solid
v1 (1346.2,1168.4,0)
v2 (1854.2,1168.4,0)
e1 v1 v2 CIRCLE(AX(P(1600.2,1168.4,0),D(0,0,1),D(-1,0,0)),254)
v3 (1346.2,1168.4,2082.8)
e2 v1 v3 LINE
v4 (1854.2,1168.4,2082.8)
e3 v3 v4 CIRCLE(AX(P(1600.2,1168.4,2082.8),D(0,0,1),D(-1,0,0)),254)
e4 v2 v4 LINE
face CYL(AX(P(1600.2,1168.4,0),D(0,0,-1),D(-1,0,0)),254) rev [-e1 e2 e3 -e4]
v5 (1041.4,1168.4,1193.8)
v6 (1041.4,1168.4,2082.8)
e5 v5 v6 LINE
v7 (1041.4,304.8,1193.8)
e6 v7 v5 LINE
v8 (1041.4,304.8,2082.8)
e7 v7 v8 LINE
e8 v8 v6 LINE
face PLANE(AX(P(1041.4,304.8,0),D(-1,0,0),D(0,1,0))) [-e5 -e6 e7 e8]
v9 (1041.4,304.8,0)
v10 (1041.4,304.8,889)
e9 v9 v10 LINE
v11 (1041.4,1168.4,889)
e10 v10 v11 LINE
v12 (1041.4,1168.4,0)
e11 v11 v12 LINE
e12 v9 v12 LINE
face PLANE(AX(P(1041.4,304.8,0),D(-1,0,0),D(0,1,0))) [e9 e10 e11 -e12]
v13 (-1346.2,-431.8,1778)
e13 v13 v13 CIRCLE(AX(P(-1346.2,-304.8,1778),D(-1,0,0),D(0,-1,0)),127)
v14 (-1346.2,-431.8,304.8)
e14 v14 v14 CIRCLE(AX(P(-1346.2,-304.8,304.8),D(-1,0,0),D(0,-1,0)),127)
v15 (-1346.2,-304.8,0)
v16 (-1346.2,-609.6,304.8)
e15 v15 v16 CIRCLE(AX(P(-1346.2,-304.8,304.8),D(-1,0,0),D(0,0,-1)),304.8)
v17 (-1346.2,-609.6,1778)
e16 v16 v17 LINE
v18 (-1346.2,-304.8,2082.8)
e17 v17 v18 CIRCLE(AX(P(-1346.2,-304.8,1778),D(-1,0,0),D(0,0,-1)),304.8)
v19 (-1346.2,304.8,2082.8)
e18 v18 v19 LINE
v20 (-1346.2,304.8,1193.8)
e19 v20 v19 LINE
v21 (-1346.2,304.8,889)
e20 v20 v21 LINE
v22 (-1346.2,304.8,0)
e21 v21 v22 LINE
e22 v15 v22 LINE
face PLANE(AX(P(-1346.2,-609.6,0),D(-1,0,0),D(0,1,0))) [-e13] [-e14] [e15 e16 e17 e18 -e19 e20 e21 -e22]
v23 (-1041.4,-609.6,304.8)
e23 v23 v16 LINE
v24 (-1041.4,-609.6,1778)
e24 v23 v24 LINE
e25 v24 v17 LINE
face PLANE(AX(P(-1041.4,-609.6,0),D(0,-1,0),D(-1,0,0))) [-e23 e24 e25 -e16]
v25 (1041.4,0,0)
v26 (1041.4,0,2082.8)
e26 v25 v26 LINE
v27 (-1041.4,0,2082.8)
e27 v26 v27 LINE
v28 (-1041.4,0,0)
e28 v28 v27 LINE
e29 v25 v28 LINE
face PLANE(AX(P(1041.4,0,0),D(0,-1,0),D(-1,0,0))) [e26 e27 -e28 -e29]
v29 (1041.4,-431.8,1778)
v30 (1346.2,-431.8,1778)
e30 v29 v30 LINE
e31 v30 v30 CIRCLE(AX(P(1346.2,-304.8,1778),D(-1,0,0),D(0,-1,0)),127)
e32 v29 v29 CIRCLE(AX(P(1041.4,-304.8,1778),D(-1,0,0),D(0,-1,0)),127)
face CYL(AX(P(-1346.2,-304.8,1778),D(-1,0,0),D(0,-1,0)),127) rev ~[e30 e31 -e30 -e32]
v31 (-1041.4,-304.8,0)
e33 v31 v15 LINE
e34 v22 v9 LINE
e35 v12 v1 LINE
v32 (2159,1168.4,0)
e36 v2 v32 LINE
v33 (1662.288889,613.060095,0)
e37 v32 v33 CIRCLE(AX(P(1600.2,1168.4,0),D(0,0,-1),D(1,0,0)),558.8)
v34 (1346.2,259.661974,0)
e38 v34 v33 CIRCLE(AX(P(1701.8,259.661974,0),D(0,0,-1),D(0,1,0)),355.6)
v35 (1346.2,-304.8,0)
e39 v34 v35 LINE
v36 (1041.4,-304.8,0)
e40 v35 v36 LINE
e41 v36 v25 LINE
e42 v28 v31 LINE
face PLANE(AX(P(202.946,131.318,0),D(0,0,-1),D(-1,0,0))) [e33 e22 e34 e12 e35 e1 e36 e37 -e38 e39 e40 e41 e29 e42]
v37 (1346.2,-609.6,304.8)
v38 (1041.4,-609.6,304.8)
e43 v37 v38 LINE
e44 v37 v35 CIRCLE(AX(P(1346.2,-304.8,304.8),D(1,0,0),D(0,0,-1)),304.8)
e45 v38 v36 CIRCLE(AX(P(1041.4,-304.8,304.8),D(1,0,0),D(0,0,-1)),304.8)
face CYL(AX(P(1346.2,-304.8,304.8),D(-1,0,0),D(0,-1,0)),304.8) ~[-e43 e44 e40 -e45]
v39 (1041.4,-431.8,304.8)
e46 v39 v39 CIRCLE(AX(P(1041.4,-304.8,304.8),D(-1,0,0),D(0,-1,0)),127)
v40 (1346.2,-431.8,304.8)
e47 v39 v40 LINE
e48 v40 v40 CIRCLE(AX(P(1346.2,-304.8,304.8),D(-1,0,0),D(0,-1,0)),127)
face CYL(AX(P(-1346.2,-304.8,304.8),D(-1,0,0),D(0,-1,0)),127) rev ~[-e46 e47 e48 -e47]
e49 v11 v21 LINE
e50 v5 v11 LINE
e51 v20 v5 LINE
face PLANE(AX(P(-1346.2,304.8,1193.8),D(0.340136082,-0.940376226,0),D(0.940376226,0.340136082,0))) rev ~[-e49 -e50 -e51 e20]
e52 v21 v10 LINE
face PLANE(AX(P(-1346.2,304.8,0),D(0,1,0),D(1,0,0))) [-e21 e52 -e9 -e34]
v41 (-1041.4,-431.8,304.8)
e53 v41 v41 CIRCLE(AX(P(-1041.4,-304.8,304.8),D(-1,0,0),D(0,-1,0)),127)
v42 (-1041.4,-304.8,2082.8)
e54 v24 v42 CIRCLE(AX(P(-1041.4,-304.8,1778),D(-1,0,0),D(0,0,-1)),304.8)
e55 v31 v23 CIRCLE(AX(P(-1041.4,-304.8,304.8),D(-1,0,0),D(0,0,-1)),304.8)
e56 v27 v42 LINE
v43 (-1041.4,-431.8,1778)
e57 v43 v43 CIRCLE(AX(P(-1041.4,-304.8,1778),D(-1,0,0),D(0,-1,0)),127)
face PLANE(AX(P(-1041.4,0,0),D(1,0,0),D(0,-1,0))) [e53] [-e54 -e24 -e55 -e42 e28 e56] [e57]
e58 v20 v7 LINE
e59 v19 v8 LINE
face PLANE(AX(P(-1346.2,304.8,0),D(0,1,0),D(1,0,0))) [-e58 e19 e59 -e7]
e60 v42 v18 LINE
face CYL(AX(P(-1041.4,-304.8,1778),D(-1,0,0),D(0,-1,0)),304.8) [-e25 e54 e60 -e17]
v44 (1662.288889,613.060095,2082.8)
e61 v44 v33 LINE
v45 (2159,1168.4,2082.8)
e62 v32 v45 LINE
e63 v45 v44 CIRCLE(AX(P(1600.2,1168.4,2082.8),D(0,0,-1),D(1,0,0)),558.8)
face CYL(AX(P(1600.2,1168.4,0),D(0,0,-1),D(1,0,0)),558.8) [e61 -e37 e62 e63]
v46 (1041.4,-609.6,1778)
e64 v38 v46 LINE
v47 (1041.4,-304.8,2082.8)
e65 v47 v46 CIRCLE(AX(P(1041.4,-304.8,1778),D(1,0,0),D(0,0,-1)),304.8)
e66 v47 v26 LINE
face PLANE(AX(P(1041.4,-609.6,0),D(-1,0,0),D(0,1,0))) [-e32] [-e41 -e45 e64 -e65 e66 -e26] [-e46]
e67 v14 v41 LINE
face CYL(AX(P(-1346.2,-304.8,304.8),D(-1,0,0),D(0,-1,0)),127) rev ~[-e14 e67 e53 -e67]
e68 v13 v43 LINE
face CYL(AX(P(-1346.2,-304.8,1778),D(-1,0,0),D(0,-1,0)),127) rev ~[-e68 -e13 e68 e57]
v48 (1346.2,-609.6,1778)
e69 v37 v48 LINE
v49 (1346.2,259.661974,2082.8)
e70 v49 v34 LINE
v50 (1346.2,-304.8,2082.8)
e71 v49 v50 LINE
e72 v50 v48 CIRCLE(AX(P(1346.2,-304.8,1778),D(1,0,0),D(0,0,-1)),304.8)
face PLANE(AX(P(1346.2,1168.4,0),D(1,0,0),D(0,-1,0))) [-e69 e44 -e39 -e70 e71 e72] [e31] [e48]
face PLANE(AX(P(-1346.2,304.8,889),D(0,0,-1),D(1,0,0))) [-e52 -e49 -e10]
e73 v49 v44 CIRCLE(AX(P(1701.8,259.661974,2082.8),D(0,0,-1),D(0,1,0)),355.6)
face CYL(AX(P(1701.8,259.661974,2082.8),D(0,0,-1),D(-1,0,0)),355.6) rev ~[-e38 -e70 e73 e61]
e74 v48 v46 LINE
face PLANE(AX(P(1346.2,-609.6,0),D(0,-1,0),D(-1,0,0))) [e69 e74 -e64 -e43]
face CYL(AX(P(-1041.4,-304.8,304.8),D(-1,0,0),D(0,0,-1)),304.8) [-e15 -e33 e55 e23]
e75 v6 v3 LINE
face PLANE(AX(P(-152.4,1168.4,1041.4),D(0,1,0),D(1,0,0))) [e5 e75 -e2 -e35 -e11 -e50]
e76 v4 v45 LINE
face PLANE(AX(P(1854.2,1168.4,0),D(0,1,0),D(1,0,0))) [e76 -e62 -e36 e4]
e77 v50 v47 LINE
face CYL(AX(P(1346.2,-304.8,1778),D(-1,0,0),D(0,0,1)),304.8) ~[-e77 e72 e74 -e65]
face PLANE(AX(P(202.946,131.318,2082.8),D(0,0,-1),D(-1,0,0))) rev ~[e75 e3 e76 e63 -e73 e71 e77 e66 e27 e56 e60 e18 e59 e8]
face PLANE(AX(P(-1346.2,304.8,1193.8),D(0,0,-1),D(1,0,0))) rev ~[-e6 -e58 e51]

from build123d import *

# Parameters (mm, degrees)
BOSS_EXTRUDE4_DEPTH      = 2082.8
SKETCH3_W                = 2387.6
SKETCH3_H                = 304.8
BOSS_EXTRUDE5_DEPTH      = 863.6
CUT_EXTRUDE1_DEPTH       = 863.6
BOSS_EXTRUDE7_DEPTH      = 889
BOSS_EXTRUDE7_DEPTH_BACK = 1193.8
FILLET3_R                = 355.6
FILLET4_R                = 304.8
FILLET5_R                = 304.8
FILLET6_R                = 304.8
FILLET7_R                = 304.8
SKETCH9_R                = 127
CUT_EXTRUDE2_DEPTH       = 4242.419743435


with BuildPart() as part:
    # Sketch1 → Boss-Extrude4 (new body)
    with BuildSketch(Plane.XY):
        Polygon((-1346.2, -609.6), (-1346.2, 304.8), (1041.4, 304.8), (1041.4, 1168.4), (1346.2, 1168.4), (1346.2, -609.6), (1041.4, -609.6), (1041.4, 0), (-1041.4, 0), (-1041.4, -609.6), align=None)
    extrude(amount=BOSS_EXTRUDE4_DEPTH)

    # Sketch3 → Boss-Extrude5 (add)
    with BuildSketch(Plane(origin=(0, 304.8, 0), x_dir=(1, 0, 0), z_dir=(0, 1, 0))):
        with Locations((-152.4, -1041.4)):
            Rectangle(SKETCH3_W, SKETCH3_H)
    extrude(amount=BOSS_EXTRUDE5_DEPTH)

    # Sketch4 → Cut-Extrude1 (cut)
    with BuildSketch(Plane.XY.offset(1193.8)):
        Polygon((-1346.2, 304.8), (1041.4, 1168.4), (-1346.2, 1168.4), align=None)
    extrude(amount=-CUT_EXTRUDE1_DEPTH, mode=Mode.SUBTRACT)

    # Sketch6 → Boss-Extrude7 (add, two sides: drawn at the far end of the back side and taken through both)
    with BuildSketch(Plane.XY.offset(1193.8).offset(-BOSS_EXTRUDE7_DEPTH_BACK)):
        with BuildLine():
            Line((1041.4, 1168.4), (1346.2, 1168.4))
            ThreePointArc((1346.2, 1168.4), (1600.2, 914.4), (1854.2, 1168.4))
            Line((1854.2, 1168.4), (2159, 1168.4))
            ThreePointArc((2159, 1168.4), (1600.2, 609.6), (1041.4, 1168.4))
        make_face()
    extrude(amount=BOSS_EXTRUDE7_DEPTH + BOSS_EXTRUDE7_DEPTH_BACK)

    # Fillet3
    fillet3_edges = [part.edges().sort_by_distance(p)[0] for p in [
        (1346.2, 670.663684266, 1041.4),
    ]]
    fillet(fillet3_edges, radius=FILLET3_R)

    # Fillet4
    fillet4_edges = [part.edges().sort_by_distance(p)[0] for p in [
        (-1193.8, -609.6, 0),
    ]]
    fillet(fillet4_edges, radius=FILLET4_R)

    # Fillet5
    fillet5_edges = [part.edges().sort_by_distance(p)[0] for p in [
        (-1193.8, -609.6, 2082.8),
    ]]
    fillet(fillet5_edges, radius=FILLET5_R)

    # Fillet6
    fillet6_edges = [part.edges().sort_by_distance(p)[0] for p in [
        (1193.8, -609.6, 2082.8),
    ]]
    fillet(fillet6_edges, radius=FILLET6_R)

    # Fillet7
    fillet7_edges = [part.edges().sort_by_distance(p)[0] for p in [
        (1193.8, -609.6, 0),
    ]]
    fillet(fillet7_edges, radius=FILLET7_R)

    # Sketch9 → Cut-Extrude2 (cut, through all)
    with BuildSketch(Plane.ZY.offset(1346.2)):
        with Locations(Location((1778, -304.8, 0), (0, 0, 270))):
            Circle(SKETCH9_R)
        with Locations(Location((304.8, -304.8, 0), (0, 0, 270))):
            Circle(SKETCH9_R)
    extrude(amount=-CUT_EXTRUDE2_DEPTH, mode=Mode.SUBTRACT)


solid = part.part
